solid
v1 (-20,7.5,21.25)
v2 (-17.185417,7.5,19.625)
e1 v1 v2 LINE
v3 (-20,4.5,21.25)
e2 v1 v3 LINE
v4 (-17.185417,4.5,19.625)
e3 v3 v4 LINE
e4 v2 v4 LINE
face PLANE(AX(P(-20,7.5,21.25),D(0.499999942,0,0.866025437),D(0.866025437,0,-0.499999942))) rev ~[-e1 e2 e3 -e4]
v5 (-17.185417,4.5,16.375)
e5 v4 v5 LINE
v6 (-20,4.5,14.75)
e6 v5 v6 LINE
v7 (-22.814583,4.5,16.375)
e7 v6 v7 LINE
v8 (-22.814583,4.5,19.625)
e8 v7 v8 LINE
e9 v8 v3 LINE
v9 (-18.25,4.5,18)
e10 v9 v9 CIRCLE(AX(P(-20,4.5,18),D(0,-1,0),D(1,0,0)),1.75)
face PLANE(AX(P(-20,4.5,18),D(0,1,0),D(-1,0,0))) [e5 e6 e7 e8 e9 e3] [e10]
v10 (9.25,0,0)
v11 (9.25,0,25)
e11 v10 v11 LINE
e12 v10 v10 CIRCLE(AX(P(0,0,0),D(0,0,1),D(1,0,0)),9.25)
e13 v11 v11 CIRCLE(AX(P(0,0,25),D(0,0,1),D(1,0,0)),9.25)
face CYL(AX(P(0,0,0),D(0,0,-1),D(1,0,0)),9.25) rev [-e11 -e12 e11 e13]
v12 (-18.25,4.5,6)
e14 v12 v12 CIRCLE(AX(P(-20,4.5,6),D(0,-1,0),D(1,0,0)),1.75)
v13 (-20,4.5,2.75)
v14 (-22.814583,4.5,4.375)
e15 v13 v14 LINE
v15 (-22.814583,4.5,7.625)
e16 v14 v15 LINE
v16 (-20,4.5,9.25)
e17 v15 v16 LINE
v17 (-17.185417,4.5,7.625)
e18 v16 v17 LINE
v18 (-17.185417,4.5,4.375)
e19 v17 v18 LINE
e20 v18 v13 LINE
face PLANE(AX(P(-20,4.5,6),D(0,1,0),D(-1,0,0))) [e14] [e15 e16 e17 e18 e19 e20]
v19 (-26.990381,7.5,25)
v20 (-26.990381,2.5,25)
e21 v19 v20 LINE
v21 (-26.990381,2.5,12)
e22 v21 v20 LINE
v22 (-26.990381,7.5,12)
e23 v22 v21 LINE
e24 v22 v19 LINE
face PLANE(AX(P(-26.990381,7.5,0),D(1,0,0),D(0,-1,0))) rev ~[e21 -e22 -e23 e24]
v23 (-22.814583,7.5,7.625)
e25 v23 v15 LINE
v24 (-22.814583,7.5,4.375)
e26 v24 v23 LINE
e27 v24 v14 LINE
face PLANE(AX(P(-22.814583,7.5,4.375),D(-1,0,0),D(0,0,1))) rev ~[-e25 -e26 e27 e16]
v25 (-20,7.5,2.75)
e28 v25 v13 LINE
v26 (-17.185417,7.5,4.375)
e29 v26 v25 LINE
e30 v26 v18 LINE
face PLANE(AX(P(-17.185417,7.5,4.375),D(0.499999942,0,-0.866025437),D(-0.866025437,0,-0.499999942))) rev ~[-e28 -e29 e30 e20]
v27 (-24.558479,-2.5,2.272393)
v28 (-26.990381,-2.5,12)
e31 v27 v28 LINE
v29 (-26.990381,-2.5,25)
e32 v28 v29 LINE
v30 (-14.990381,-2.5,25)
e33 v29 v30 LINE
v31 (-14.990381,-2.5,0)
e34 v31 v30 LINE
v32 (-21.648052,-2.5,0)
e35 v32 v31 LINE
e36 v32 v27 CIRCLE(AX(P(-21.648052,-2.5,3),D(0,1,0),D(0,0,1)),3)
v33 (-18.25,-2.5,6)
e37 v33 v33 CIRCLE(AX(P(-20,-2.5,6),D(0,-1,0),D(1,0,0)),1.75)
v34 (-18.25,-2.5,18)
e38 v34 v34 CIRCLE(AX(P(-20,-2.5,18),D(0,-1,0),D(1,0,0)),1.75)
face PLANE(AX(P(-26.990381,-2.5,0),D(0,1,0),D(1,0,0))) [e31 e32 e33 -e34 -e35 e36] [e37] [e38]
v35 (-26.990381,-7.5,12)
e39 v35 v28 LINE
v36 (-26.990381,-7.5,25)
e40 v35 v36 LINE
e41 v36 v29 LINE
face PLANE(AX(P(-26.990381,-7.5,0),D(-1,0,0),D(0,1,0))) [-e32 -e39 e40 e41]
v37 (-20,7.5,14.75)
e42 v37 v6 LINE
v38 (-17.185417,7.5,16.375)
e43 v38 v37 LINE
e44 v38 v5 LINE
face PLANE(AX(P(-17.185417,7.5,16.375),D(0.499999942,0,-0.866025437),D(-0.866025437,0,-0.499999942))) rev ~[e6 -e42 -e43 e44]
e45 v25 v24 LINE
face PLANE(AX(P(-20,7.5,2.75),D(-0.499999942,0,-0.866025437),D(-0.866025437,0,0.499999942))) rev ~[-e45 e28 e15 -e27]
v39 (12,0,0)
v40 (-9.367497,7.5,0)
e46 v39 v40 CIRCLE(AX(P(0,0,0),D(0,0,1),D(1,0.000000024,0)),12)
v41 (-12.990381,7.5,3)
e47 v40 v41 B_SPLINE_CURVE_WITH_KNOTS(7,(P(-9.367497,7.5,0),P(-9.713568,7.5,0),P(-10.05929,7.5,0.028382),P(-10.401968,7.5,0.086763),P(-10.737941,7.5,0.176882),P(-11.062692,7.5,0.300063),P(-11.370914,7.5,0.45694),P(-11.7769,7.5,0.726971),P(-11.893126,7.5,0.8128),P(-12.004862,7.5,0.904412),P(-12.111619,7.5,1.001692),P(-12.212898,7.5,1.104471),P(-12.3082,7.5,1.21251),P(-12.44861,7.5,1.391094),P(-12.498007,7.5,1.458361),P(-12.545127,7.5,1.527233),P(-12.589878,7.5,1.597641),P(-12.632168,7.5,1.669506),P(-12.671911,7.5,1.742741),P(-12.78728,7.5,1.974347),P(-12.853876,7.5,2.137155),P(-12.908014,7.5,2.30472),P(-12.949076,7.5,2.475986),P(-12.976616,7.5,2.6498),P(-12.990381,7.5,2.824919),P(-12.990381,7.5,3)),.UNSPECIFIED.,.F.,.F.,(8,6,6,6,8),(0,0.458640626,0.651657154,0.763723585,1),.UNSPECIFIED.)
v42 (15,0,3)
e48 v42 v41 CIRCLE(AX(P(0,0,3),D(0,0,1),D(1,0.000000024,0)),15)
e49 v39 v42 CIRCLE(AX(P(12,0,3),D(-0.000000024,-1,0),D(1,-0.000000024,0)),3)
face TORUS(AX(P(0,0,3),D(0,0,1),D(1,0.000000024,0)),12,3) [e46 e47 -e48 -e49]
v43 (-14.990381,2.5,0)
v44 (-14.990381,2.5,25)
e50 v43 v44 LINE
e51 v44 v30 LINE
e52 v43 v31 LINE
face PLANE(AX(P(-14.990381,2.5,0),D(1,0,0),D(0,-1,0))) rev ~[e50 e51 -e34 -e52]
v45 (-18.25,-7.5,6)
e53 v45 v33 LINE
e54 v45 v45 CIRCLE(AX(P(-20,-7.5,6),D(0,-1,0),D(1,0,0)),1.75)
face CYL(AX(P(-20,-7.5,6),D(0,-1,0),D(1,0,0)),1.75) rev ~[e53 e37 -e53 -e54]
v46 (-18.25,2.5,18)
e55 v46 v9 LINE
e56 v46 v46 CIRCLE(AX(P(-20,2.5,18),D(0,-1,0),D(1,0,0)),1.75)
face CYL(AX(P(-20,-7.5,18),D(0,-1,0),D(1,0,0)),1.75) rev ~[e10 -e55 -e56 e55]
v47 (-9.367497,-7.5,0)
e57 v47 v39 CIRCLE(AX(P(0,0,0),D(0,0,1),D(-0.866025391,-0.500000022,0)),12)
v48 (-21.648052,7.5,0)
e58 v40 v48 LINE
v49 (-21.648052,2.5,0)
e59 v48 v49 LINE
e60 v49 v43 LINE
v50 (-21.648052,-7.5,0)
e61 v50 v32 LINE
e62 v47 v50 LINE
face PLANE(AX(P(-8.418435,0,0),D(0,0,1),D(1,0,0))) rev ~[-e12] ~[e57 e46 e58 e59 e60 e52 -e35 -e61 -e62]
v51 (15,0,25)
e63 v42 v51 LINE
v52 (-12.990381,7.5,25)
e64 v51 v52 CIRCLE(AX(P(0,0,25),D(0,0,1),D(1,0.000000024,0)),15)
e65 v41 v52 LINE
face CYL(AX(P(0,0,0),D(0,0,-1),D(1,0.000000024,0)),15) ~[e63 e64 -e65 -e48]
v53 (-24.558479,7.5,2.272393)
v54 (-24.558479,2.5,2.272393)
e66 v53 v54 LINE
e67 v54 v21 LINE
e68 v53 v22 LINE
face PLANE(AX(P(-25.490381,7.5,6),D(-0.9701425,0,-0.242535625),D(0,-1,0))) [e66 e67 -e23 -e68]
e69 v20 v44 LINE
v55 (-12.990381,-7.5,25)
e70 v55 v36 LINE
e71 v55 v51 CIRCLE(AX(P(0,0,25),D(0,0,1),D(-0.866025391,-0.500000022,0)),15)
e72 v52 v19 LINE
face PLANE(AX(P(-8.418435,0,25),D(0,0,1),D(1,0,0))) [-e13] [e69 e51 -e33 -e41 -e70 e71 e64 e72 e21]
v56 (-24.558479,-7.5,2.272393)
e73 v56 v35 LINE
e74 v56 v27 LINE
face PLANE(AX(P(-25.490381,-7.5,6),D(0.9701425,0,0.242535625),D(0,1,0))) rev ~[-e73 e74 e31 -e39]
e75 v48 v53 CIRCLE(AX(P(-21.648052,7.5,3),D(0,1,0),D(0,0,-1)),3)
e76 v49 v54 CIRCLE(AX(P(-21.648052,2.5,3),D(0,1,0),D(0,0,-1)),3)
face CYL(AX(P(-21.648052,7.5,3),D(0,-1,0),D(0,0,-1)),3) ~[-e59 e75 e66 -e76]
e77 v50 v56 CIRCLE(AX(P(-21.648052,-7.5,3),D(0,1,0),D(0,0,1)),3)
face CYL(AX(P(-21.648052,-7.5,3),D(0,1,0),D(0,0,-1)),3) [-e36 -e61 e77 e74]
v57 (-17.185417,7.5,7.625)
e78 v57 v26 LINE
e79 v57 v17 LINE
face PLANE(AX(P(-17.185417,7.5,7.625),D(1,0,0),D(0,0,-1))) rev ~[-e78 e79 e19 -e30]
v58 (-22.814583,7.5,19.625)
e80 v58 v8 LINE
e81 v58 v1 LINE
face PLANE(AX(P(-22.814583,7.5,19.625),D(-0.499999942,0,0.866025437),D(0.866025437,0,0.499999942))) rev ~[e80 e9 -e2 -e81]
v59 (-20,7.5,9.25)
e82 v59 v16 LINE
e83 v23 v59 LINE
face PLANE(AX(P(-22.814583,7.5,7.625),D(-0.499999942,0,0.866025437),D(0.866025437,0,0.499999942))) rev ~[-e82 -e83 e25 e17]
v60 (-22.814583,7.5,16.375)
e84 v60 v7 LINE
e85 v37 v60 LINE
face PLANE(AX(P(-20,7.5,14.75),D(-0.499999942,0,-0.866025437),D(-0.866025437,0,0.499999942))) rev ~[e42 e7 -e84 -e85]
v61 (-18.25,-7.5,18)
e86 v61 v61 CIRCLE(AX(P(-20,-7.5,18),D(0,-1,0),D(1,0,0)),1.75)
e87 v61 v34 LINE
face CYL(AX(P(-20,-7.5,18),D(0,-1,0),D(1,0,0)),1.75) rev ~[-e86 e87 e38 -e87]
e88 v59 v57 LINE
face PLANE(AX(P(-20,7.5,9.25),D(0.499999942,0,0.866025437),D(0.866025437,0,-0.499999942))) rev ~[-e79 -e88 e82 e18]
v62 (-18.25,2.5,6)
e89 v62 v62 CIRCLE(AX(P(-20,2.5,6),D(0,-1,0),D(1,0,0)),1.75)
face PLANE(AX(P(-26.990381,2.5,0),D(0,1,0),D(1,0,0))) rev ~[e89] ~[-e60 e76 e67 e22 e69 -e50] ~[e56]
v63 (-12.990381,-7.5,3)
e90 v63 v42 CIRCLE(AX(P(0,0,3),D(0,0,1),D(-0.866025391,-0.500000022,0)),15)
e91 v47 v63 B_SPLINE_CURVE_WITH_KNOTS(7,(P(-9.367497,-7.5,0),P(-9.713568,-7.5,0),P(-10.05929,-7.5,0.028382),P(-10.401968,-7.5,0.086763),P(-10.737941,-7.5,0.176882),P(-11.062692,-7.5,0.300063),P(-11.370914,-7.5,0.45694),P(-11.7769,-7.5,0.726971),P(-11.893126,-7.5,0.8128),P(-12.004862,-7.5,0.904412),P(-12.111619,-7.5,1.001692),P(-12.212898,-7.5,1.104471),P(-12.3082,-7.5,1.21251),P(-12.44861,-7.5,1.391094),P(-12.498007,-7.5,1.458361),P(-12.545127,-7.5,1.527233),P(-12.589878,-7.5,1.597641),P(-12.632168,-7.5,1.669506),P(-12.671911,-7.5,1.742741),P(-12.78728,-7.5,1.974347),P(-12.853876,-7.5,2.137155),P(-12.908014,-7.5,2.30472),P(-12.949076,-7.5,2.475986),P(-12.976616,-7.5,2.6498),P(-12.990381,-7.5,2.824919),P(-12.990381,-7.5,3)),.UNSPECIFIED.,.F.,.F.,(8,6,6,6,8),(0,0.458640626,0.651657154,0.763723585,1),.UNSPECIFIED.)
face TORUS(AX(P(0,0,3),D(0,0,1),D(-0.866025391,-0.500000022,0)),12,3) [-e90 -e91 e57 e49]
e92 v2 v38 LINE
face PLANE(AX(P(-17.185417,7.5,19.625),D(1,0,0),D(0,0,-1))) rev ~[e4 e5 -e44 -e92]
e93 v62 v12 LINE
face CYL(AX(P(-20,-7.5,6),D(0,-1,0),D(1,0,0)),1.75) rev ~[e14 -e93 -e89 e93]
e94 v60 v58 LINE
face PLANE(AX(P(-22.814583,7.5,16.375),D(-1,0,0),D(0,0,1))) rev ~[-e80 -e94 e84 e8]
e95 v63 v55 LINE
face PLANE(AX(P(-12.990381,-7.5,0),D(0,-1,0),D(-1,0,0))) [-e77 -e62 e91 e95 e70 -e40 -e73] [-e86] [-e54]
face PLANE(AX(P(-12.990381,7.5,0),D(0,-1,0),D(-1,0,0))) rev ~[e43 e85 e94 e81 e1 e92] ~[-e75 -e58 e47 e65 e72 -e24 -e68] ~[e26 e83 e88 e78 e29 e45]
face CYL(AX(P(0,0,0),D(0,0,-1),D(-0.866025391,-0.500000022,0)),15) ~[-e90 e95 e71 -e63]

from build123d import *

# Parameters (mm, degrees)
SKETCH_R        = 9.25
PAD_DEPTH       = 25
SKETCH001_R     = 1.75
POCKET_DEPTH    = 22.501
POCKET001_DEPTH = 3
CHAMFER_SIZE2   = 12
CHAMFER_SIZE    = 3
FILLET_R        = 3
FILLET001_R     = 3


with BuildPart() as part:
    # Sketch → Pad (new body)
    with BuildSketch(Plane.XY):
        with BuildLine():
            ThreePointArc((15, 0), (3.882286, 14.488887), (-12.990381, 7.5))
            Line((-12.990381, 7.5), (-26.990381, 7.5))
            Line((-26.990381, 7.5), (-26.990381, 2.5))
            Line((-26.990381, 2.5), (-14.990381, 2.5))
            Line((-14.990381, 2.5), (-14.990381, -2.5))
            Line((-26.990381, -2.5), (-14.990381, -2.5))
            Line((-26.990381, -7.5), (-26.990381, -2.5))
            Line((-12.990381, -7.5), (-26.990381, -7.5))
            ThreePointArc((-12.990381, -7.5), (3.882286, -14.488887), (15, 0))
        make_face()
        Circle(SKETCH_R, mode=Mode.SUBTRACT)
    extrude(amount=PAD_DEPTH)

    # Sketch001 (on Face8 of Pad) → Pocket (cut, through all)
    with BuildSketch(Plane.XZ.offset(7.5)):
        with Locations((-20, 6)):
            Circle(SKETCH001_R)
        with Locations((-20, 18)):
            Circle(SKETCH001_R)
    extrude(amount=-POCKET_DEPTH, mode=Mode.SUBTRACT)

    # Sketch002 (on Face3 of Pocket) → Pocket001 (cut)
    with BuildSketch(Plane(origin=(0, 7.5, 0), x_dir=(-1, 0, 0), z_dir=(0, 1, 0))):
        Polygon((20, 2.75), (22.814583, 4.375), (22.814583, 7.625), (20, 9.25), (17.185417, 7.625), (17.185417, 4.375), align=None)
        Polygon((20, 14.75), (22.814583, 16.375), (22.814583, 19.625), (20, 21.25), (17.185417, 19.625), (17.185417, 16.375), align=None)
    extrude(amount=-POCKET001_DEPTH, mode=Mode.SUBTRACT)

    # Chamfer
    chamfer_edges = [part.edges().sort_by_distance(p)[0] for p in [
        (-26.990381, 5, 0),
        (-26.990381, -5, 0),
    ]]
    chamfer_side = part.faces().sort_by_distance((3.748719, 13.990411, 0))[0]
    chamfer(chamfer_edges, length=CHAMFER_SIZE, length2=CHAMFER_SIZE2, reference=chamfer_side)

    # Fillet
    fillet_edges = [part.edges().sort_by_distance(p)[0] for p in [
        (-23.990381, 5, 0),
        (-23.990381, -5, 0),
    ]]
    fillet(fillet_edges, radius=FILLET_R)

    # Fillet001
    fillet001_edges = [part.edges().sort_by_distance(p)[0] for p in [
        (3.882286, -14.488887, 0),
        (3.882286, 14.488887, 0),
    ]]
    fillet(fillet001_edges, radius=FILLET001_R)


solid = part.part
